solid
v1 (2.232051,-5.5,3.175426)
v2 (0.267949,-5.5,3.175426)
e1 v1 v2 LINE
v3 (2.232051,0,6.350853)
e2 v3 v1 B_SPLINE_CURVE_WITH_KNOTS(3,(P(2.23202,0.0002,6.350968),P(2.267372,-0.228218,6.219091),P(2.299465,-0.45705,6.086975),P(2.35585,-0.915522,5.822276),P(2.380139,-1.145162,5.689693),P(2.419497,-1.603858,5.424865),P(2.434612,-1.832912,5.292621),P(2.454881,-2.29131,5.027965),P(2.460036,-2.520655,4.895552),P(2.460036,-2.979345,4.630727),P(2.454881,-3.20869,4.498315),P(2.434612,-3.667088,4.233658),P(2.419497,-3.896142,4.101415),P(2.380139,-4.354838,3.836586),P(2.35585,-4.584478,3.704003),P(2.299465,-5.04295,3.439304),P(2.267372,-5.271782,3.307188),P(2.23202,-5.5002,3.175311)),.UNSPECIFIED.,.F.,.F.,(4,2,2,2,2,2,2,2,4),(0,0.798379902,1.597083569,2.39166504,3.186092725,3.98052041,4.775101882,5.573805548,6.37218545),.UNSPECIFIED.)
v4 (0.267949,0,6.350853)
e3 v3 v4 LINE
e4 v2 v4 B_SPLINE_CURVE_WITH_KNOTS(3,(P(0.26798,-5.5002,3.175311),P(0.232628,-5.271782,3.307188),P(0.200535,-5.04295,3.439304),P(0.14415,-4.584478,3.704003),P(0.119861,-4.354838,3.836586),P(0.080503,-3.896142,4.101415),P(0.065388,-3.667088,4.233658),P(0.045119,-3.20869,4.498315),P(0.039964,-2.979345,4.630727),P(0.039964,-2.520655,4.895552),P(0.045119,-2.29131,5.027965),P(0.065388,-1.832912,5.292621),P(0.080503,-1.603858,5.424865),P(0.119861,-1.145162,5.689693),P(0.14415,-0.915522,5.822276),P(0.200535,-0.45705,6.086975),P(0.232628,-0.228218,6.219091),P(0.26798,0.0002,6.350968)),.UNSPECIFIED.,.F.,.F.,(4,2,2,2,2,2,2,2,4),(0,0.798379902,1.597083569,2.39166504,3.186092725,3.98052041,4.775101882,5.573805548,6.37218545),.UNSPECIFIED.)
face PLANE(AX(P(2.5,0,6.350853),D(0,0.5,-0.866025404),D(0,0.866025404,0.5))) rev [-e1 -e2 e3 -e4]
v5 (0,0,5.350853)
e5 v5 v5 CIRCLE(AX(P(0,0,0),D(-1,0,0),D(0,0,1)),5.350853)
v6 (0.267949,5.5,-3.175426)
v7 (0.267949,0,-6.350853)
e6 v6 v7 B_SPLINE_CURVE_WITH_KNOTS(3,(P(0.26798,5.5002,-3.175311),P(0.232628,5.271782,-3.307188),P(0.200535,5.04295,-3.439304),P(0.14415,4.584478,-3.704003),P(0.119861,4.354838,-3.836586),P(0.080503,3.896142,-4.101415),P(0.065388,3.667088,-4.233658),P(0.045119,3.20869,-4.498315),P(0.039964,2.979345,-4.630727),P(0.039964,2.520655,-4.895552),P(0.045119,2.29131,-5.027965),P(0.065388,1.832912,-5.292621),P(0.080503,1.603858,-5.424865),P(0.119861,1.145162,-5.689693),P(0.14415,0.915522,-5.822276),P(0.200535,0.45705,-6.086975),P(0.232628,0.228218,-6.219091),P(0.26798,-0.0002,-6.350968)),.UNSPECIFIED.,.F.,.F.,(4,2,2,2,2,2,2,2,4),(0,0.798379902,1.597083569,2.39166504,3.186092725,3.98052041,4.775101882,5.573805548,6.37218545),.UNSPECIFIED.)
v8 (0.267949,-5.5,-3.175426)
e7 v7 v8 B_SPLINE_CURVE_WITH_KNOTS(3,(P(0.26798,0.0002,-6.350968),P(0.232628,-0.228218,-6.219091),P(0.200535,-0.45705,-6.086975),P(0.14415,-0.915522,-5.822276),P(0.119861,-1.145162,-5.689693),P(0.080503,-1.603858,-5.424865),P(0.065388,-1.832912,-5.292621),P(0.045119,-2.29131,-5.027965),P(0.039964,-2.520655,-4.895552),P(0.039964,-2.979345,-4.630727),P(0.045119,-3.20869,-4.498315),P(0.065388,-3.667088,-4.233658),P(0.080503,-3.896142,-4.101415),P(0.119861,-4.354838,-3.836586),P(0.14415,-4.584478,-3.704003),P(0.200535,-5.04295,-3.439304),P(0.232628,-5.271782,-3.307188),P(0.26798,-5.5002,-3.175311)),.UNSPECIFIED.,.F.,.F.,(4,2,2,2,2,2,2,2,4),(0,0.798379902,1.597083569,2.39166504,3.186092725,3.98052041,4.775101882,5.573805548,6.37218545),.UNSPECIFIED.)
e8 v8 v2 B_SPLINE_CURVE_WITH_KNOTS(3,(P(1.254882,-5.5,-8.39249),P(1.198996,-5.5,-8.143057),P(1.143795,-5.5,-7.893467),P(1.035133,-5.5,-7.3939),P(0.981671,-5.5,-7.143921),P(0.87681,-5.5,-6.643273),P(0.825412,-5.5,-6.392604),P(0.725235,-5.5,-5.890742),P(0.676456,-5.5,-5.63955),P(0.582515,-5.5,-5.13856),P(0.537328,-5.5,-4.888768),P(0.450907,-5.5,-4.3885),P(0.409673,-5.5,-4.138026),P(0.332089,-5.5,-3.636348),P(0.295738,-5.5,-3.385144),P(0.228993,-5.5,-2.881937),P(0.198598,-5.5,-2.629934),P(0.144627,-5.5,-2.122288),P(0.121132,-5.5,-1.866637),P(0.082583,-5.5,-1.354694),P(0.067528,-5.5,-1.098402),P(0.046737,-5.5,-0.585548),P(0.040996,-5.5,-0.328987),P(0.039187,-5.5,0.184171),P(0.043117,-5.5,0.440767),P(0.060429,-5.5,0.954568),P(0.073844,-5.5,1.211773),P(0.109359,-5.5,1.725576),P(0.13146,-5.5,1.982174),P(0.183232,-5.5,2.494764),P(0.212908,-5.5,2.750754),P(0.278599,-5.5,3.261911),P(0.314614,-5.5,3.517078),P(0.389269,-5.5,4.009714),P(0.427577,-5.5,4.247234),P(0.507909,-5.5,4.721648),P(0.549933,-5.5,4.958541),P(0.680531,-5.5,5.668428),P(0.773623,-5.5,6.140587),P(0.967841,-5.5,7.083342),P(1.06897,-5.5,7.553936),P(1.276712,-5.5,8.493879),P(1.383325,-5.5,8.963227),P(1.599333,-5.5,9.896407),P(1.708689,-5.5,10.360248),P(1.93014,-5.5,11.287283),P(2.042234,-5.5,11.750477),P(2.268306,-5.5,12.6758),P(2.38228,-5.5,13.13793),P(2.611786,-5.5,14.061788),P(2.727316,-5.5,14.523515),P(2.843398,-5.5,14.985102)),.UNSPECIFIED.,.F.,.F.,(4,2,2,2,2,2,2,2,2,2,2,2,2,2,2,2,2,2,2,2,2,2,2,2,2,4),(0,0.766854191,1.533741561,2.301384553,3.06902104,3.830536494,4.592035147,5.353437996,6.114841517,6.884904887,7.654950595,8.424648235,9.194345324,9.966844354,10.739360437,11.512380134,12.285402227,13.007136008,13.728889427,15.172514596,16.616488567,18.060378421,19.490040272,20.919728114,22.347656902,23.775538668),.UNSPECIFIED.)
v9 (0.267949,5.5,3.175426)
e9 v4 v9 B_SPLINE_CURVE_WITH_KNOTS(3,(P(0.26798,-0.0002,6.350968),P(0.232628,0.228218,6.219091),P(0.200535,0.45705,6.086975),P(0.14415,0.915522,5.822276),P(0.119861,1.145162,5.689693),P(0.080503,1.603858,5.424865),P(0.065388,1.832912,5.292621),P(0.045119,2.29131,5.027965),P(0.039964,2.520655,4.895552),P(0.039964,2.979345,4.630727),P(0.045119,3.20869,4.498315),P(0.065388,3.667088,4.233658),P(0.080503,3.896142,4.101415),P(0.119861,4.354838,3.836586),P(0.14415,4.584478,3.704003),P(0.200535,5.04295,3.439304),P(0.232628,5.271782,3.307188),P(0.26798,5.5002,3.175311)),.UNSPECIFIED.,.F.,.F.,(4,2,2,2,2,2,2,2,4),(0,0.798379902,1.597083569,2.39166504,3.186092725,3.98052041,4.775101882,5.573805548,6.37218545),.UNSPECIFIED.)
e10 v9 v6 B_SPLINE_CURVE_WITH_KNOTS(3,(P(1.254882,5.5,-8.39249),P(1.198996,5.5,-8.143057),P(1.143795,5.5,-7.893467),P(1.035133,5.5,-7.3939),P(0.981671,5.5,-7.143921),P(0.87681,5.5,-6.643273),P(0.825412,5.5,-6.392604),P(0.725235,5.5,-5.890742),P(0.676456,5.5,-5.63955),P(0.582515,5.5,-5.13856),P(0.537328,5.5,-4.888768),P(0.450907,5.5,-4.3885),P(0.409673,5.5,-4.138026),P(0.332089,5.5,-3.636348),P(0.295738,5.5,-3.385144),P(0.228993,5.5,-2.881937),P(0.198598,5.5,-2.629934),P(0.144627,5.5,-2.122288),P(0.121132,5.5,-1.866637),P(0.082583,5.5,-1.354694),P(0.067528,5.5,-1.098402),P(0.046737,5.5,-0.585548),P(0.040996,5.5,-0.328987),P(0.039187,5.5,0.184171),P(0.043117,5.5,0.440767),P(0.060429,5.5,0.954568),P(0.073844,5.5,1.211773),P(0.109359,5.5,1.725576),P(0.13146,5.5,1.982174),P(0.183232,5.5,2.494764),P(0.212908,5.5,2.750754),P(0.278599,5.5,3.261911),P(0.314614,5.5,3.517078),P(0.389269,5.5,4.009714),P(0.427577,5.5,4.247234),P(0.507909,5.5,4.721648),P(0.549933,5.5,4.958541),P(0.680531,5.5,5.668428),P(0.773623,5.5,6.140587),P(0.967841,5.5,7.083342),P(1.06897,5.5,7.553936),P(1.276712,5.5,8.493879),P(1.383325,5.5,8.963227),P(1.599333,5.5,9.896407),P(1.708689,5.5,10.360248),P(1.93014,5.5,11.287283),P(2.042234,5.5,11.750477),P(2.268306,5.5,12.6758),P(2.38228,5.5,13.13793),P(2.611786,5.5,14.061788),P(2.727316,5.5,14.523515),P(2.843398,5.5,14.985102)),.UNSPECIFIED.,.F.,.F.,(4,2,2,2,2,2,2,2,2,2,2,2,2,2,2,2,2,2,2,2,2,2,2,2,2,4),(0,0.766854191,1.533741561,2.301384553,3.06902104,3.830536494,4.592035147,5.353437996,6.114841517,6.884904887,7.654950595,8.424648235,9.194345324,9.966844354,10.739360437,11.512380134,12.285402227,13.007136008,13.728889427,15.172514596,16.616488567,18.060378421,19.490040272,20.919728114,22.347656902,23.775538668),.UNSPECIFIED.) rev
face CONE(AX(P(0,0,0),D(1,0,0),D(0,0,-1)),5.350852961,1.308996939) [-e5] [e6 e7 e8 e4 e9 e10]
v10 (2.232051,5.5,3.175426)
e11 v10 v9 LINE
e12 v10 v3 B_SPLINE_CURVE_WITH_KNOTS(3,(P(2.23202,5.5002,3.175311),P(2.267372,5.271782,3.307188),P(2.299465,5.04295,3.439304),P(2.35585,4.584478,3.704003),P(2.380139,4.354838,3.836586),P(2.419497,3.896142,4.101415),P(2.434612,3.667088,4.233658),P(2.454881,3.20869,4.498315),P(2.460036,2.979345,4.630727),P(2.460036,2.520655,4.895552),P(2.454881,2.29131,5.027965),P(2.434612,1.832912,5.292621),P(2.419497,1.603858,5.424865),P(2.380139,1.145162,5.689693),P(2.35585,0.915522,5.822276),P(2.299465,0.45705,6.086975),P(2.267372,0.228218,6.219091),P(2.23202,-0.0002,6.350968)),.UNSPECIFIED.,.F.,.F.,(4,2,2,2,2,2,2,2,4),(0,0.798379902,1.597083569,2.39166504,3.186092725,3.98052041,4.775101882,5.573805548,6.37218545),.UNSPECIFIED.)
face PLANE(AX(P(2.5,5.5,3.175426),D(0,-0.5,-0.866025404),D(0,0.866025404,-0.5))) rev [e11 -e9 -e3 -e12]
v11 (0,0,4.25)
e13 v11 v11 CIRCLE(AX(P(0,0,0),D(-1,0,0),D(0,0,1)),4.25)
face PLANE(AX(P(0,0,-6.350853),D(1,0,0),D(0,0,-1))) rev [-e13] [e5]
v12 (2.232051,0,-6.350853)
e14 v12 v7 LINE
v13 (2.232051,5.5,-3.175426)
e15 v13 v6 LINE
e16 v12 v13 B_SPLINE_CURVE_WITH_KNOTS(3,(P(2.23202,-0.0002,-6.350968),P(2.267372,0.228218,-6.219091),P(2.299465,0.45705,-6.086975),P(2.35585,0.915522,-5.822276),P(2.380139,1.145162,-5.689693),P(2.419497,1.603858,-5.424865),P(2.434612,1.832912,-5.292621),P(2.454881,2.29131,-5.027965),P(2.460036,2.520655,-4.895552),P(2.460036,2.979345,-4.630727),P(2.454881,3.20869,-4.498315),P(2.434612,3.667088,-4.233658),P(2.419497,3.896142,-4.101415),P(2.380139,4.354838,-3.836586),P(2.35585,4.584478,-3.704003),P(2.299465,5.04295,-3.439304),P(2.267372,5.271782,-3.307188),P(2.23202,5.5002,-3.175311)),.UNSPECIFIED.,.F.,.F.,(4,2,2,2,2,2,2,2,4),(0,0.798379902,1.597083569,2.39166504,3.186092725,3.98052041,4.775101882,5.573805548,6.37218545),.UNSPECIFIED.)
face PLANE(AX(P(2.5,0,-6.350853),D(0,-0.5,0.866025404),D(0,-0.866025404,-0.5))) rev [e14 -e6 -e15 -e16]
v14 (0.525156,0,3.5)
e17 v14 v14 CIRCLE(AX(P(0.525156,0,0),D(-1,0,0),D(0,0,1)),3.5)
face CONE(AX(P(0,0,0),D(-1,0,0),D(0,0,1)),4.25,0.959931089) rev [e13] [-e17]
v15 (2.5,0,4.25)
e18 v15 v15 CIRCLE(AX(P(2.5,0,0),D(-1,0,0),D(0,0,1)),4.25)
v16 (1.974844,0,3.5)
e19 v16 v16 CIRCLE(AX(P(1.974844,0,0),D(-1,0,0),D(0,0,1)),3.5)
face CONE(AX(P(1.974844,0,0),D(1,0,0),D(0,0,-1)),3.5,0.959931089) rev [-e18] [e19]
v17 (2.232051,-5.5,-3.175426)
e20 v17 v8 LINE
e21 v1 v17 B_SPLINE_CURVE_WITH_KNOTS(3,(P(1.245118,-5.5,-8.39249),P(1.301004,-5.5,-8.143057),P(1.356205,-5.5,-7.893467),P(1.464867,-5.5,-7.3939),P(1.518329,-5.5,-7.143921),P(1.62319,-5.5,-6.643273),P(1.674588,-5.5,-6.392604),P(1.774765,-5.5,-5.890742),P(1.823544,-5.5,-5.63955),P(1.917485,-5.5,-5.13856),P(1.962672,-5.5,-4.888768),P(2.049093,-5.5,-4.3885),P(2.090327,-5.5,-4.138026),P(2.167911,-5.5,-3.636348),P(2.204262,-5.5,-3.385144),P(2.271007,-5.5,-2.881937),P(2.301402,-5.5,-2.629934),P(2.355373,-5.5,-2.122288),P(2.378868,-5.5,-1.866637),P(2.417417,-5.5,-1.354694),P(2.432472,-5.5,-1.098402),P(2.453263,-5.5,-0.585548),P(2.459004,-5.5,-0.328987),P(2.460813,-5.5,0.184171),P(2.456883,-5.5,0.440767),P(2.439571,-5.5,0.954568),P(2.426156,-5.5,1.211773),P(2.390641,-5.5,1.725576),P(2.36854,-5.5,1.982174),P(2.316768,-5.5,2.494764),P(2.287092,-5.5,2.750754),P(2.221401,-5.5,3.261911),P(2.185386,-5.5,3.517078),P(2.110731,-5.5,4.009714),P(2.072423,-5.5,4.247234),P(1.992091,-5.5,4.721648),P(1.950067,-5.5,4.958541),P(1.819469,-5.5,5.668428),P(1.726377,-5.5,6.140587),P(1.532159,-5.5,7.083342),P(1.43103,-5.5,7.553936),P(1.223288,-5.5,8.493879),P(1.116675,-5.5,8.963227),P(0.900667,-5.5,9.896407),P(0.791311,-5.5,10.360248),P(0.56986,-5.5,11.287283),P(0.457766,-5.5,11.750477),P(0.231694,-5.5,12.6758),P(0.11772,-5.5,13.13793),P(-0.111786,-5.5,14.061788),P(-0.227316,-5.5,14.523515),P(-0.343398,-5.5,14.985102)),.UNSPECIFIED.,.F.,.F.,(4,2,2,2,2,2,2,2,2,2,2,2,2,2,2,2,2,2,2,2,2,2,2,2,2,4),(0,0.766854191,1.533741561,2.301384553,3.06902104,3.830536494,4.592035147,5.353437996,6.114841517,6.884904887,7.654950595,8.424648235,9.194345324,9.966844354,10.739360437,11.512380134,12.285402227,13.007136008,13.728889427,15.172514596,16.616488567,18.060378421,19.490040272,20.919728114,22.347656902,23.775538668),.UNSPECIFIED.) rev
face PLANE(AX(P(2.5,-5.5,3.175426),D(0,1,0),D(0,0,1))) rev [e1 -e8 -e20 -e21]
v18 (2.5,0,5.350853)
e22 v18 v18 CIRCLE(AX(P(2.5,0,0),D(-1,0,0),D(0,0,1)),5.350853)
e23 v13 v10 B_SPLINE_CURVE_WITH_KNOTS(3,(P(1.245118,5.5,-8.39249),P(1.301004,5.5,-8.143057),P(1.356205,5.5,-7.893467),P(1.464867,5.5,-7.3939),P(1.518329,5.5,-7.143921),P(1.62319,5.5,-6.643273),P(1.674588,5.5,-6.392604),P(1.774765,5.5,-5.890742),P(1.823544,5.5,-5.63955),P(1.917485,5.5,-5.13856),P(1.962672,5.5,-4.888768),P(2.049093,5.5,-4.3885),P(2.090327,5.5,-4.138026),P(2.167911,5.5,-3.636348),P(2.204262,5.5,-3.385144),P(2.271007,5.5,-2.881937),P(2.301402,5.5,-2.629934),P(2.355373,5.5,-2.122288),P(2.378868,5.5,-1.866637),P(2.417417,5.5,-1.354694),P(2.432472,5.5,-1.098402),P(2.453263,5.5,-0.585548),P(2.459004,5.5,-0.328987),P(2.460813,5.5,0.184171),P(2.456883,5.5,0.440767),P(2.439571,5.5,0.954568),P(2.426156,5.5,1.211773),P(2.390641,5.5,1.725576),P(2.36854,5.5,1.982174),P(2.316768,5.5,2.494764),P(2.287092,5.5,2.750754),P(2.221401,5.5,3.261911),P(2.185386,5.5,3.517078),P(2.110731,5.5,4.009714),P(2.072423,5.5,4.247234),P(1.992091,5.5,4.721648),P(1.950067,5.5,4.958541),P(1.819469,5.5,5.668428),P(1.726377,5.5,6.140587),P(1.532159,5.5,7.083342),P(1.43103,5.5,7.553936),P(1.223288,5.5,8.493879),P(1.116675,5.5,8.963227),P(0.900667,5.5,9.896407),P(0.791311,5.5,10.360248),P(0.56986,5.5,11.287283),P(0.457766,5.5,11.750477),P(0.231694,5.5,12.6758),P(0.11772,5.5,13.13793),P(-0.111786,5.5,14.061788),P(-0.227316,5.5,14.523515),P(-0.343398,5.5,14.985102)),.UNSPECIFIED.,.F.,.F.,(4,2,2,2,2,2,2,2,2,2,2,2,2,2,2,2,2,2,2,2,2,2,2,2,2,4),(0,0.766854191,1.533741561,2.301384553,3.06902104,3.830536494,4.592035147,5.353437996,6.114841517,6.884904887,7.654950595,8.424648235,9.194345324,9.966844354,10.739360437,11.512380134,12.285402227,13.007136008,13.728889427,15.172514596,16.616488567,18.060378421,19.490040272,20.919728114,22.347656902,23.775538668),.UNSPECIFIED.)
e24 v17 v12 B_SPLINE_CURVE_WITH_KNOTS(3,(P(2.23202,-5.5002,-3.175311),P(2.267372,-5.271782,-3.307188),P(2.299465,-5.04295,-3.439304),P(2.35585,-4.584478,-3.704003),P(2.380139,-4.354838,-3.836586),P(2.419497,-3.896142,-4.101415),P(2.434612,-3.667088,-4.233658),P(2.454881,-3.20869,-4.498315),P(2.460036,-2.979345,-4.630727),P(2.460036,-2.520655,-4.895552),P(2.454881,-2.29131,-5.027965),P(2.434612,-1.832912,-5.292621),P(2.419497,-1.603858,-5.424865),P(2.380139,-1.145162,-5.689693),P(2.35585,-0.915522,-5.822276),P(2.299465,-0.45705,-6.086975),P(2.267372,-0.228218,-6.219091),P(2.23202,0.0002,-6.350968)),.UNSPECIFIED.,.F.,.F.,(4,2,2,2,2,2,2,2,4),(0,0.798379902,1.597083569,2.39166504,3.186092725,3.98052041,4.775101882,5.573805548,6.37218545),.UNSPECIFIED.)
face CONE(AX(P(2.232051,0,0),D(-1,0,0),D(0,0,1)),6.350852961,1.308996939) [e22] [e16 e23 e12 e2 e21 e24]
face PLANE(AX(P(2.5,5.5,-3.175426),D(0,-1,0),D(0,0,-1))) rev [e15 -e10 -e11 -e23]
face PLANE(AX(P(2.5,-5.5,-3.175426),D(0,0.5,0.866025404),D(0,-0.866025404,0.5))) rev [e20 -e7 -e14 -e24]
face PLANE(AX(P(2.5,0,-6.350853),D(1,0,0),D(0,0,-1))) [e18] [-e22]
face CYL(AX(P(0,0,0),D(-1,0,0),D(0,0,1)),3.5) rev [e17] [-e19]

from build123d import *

# Parameters (mm, degrees)
EXTRUDE_1_DEPTH = 2.5


with BuildPart() as part:
    # Эскиз1 → Бобышка-Вытянуть1 (new body)
    with BuildSketch(Plane(origin=(0, 0, 0), x_dir=(0, 0, -1), z_dir=(1, 0, 0))):
        Polygon((6.350852961, 0), (3.175426481, 5.5), (-3.175426481, 5.5), (-6.350852961, 0), (-3.175426481, -5.5), (3.175426481, -5.5), align=None)
    extrude(amount=EXTRUDE_1_DEPTH)

    # Эскиз2 → Вырез-Повернуть1 (revolve, cut)
    with BuildSketch(Plane(origin=(0, 0, 0), x_dir=(1, 0, 0), z_dir=(0, 1, 0))):
        Polygon((0, 5.350852961), (0.267949192, 6.350852961), (2.232050808, 6.350852961), (2.5, 5.350852961), (4.577096119, 5.350852961), (4.577096119, 7.799096081), (-1.908033153, 7.799096081), (-1.908033153, 5.350852961), align=None)
    revolve(axis=Axis((0, 0, 0), (1, 0, 0)), mode=Mode.SUBTRACT)

    # Эскиз3 → Отверстие обработанное метчиком M8x1.01 (revolve, cut)
    with BuildSketch(Plane.ZX):
        Polygon((0, 0), (0, 2.5), (4.25, 2.5), (3.5, 1.974844346), (3.5, 0.525155654), (4.25, 0), align=None)
    revolve(axis=Axis((-6.35, 0, 0), (1, 0, 0)), mode=Mode.SUBTRACT)


solid = part.part
